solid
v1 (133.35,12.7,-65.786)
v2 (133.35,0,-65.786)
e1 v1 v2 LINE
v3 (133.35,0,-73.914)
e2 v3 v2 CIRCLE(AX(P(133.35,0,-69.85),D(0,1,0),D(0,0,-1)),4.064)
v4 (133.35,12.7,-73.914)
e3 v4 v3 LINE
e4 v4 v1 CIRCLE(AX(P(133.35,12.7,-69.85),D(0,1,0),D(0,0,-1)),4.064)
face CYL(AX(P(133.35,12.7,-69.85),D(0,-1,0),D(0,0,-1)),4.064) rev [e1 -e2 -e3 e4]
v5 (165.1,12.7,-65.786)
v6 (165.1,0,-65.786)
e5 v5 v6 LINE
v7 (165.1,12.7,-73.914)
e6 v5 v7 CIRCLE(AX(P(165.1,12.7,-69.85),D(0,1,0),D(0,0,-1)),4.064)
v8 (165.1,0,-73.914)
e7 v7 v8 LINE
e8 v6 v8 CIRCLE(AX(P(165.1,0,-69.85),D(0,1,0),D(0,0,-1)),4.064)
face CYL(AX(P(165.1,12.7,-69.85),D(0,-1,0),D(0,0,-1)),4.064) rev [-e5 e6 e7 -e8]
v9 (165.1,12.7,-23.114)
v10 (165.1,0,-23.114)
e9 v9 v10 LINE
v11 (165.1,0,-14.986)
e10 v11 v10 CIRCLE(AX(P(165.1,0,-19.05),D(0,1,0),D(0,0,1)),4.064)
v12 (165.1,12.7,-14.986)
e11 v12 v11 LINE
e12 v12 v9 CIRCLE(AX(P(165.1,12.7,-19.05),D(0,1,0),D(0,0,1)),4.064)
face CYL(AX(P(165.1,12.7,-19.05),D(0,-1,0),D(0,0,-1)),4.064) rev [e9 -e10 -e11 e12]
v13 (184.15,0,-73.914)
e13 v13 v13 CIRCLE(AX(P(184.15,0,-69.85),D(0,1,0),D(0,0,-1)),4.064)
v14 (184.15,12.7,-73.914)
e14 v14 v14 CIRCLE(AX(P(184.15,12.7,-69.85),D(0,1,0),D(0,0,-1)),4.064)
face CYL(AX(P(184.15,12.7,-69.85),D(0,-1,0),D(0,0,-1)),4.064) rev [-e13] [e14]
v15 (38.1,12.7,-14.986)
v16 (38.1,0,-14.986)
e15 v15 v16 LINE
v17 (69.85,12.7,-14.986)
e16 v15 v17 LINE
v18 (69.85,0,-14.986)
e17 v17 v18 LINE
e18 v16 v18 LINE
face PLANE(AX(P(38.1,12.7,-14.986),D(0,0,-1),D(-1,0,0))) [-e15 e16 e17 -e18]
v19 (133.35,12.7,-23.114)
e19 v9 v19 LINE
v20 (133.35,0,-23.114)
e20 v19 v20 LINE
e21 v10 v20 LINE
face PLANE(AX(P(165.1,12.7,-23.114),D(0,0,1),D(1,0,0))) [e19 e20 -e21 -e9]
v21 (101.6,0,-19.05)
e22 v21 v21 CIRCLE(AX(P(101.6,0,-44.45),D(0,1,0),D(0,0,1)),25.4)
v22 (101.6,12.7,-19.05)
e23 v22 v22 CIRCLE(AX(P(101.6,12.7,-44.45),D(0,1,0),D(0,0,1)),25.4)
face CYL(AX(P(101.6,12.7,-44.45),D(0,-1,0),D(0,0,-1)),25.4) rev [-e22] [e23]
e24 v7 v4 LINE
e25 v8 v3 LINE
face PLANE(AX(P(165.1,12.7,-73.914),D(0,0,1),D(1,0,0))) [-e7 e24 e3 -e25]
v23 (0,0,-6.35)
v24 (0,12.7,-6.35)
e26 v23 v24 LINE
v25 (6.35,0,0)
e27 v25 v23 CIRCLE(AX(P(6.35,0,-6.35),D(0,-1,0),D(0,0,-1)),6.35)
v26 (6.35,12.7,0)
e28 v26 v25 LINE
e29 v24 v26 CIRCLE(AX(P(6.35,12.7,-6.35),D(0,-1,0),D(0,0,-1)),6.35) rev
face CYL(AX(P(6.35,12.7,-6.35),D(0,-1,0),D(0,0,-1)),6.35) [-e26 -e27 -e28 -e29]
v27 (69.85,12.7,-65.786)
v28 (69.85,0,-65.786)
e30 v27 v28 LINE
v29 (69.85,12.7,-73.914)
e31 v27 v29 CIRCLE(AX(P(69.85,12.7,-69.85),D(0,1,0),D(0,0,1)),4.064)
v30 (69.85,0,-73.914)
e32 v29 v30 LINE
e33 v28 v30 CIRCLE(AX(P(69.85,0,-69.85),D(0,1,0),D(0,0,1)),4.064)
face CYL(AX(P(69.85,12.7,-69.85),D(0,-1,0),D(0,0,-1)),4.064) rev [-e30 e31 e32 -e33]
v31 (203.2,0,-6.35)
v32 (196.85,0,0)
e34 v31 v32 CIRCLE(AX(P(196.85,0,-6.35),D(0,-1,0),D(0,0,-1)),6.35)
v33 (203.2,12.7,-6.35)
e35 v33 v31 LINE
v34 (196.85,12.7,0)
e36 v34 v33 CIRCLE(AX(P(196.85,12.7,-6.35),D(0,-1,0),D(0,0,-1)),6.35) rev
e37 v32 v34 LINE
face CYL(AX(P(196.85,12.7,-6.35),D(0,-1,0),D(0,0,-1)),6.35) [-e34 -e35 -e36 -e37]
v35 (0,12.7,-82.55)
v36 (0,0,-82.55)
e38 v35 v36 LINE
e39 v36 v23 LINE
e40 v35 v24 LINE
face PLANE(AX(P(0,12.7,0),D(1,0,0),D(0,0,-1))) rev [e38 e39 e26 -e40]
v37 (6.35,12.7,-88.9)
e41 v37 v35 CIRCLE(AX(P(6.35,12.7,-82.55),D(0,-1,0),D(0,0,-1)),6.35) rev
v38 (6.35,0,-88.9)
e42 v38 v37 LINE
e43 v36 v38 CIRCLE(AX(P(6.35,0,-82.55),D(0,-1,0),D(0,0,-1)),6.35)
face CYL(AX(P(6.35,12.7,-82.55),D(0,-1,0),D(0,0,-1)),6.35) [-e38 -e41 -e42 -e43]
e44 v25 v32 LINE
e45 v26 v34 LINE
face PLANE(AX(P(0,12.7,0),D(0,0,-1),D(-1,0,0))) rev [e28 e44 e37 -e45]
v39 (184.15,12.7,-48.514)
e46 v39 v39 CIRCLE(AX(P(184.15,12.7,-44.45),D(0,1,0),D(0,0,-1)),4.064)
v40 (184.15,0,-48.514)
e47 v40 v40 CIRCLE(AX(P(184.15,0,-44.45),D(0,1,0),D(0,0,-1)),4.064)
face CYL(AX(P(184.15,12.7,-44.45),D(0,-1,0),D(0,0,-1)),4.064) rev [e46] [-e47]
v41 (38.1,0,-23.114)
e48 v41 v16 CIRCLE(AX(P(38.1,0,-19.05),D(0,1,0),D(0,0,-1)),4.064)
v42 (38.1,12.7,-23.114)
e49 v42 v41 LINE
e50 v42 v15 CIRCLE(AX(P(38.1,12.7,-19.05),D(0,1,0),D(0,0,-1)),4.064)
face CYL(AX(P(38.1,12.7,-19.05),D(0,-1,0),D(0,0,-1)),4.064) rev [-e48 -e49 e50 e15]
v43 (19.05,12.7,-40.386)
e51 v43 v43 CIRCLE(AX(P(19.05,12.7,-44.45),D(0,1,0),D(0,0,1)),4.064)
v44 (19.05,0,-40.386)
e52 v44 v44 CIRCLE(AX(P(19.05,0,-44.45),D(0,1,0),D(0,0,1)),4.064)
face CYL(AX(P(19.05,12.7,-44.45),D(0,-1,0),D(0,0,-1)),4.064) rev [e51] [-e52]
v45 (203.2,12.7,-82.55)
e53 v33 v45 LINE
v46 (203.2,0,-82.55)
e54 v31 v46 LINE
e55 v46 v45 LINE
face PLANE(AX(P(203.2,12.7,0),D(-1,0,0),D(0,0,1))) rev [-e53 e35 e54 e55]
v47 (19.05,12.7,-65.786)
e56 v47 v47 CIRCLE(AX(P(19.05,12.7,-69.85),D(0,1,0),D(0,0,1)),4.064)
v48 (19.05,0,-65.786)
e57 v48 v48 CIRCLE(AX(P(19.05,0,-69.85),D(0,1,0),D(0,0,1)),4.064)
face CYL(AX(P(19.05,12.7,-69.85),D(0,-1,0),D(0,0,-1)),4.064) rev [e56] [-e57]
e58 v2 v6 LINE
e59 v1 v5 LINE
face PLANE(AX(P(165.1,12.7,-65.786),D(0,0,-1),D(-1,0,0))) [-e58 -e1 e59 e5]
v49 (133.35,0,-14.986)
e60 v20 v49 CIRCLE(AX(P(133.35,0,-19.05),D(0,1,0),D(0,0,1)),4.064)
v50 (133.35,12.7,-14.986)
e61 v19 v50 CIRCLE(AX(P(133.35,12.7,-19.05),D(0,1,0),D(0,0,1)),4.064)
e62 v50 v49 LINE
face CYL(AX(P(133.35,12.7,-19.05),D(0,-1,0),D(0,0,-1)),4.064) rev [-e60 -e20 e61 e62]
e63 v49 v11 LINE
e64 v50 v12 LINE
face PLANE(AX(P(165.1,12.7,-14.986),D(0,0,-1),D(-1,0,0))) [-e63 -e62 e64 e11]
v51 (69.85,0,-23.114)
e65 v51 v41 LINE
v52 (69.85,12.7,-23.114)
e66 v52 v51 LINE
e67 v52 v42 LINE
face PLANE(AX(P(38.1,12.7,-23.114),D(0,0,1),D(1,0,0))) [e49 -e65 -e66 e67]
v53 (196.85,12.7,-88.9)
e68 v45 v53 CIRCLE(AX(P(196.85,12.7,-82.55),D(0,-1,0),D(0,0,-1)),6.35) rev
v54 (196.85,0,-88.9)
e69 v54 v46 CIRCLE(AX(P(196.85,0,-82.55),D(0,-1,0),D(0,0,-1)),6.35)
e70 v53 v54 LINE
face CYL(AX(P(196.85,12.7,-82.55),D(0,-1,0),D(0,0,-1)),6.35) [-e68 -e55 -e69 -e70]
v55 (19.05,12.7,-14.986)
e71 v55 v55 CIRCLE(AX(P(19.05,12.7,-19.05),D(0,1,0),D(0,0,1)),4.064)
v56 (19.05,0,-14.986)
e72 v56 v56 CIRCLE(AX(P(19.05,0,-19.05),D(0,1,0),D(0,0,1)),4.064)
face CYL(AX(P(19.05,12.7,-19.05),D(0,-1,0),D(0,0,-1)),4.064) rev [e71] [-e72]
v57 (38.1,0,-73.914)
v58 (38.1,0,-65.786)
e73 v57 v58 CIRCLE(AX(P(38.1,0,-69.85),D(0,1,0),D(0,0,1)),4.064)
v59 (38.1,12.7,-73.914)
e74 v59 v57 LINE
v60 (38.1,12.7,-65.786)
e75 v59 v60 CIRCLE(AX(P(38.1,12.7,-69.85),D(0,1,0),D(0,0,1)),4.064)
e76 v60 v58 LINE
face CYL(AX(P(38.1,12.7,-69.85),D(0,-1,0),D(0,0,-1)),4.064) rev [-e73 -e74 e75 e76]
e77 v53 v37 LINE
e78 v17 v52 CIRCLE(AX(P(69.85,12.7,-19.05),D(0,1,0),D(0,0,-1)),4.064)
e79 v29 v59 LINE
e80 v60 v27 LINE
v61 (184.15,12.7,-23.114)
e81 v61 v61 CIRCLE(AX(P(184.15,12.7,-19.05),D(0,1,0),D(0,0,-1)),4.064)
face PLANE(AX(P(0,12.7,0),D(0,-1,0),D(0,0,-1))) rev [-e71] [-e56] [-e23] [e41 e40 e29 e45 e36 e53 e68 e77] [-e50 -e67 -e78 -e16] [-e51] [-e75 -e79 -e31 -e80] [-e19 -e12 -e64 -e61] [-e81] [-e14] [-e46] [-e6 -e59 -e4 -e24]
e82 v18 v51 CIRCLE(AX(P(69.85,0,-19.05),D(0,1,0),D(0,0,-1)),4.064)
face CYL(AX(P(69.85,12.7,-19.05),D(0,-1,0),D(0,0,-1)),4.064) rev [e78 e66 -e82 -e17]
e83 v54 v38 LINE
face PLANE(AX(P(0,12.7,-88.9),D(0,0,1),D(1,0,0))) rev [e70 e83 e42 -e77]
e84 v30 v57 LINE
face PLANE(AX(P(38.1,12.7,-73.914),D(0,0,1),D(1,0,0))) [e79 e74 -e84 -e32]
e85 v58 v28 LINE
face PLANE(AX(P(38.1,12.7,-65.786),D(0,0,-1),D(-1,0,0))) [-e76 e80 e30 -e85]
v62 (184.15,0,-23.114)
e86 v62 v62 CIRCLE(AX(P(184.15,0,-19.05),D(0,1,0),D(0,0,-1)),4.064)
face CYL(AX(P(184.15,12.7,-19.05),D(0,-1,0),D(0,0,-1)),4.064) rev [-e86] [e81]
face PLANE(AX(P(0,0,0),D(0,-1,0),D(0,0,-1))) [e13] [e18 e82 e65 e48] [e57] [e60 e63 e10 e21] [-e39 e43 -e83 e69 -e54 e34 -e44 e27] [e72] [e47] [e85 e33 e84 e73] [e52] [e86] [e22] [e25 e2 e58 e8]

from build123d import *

# Parameters (mm, degrees)
SKETCH1_W           = 203.2
SKETCH1_H           = 88.9
SKETCH1_R           = 25.4
SKETCH1_R_2         = 4.064
BOSS_EXTRUDE1_DEPTH = 12.7
FILLET1_R           = 6.35


with BuildPart() as part:
    # Sketch1 → Boss-Extrude1 (new body)
    with BuildSketch(Plane(origin=(0, 0, 0), x_dir=(1, 0, 0), z_dir=(0, 1, 0))):
        with Locations((101.6, 44.45)):
            Rectangle(SKETCH1_W, SKETCH1_H)
        with Locations(Location((101.6, 44.45, 0), (0, 0, 270))):
            Circle(SKETCH1_R, mode=Mode.SUBTRACT)
        with Locations(Location((19.05, 19.05, 0), (0, 0, 270))):
            Circle(SKETCH1_R_2, mode=Mode.SUBTRACT)
        with Locations(Location((19.05, 44.45, 0), (0, 0, 270))):
            Circle(SKETCH1_R_2, mode=Mode.SUBTRACT)
        with Locations(Location((19.05, 69.85, 0), (0, 0, 270))):
            Circle(SKETCH1_R_2, mode=Mode.SUBTRACT)
        with Locations(Location((184.15, 69.85, 0), (0, 0, 90))):
            Circle(SKETCH1_R_2, mode=Mode.SUBTRACT)
        with Locations(Location((184.15, 44.45, 0), (0, 0, 90))):
            Circle(SKETCH1_R_2, mode=Mode.SUBTRACT)
        with Locations(Location((184.15, 19.05, 0), (0, 0, 90))):
            Circle(SKETCH1_R_2, mode=Mode.SUBTRACT)
        with BuildLine():
            Line((38.1, 73.914), (69.85, 73.914))
            ThreePointArc((69.85, 73.914), (73.914, 69.85), (69.85, 65.786))
            Line((69.85, 65.786), (38.1, 65.786))
            ThreePointArc((38.1, 65.786), (34.036, 69.85), (38.1, 73.914))
        make_face(mode=Mode.SUBTRACT)
        with BuildLine():
            Line((38.1, 14.986), (69.85, 14.986))
            ThreePointArc((69.85, 14.986), (73.914, 19.05), (69.85, 23.114))
            Line((69.85, 23.114), (38.1, 23.114))
            ThreePointArc((38.1, 23.114), (34.036, 19.05), (38.1, 14.986))
        make_face(mode=Mode.SUBTRACT)
        with BuildLine():
            Line((165.1, 14.986), (133.35, 14.986))
            ThreePointArc((133.35, 14.986), (129.286, 19.05), (133.35, 23.114))
            Line((133.35, 23.114), (165.1, 23.114))
            ThreePointArc((165.1, 23.114), (169.164, 19.05), (165.1, 14.986))
        make_face(mode=Mode.SUBTRACT)
        with BuildLine():
            Line((165.1, 73.914), (133.35, 73.914))
            ThreePointArc((133.35, 73.914), (129.286, 69.85), (133.35, 65.786))
            Line((133.35, 65.786), (165.1, 65.786))
            ThreePointArc((165.1, 65.786), (169.164, 69.85), (165.1, 73.914))
        make_face(mode=Mode.SUBTRACT)
    extrude(amount=BOSS_EXTRUDE1_DEPTH)

    # Fillet1
    fillet1_edges = [part.edges().sort_by_distance(p)[0] for p in [
        (0, 6.35, -88.9),
        (203.2, 6.35, -88.9),
        (203.2, 6.35, 0),
        (0, 6.35, 0),
    ]]
    fillet(fillet1_edges, radius=FILLET1_R)


solid = part.part
